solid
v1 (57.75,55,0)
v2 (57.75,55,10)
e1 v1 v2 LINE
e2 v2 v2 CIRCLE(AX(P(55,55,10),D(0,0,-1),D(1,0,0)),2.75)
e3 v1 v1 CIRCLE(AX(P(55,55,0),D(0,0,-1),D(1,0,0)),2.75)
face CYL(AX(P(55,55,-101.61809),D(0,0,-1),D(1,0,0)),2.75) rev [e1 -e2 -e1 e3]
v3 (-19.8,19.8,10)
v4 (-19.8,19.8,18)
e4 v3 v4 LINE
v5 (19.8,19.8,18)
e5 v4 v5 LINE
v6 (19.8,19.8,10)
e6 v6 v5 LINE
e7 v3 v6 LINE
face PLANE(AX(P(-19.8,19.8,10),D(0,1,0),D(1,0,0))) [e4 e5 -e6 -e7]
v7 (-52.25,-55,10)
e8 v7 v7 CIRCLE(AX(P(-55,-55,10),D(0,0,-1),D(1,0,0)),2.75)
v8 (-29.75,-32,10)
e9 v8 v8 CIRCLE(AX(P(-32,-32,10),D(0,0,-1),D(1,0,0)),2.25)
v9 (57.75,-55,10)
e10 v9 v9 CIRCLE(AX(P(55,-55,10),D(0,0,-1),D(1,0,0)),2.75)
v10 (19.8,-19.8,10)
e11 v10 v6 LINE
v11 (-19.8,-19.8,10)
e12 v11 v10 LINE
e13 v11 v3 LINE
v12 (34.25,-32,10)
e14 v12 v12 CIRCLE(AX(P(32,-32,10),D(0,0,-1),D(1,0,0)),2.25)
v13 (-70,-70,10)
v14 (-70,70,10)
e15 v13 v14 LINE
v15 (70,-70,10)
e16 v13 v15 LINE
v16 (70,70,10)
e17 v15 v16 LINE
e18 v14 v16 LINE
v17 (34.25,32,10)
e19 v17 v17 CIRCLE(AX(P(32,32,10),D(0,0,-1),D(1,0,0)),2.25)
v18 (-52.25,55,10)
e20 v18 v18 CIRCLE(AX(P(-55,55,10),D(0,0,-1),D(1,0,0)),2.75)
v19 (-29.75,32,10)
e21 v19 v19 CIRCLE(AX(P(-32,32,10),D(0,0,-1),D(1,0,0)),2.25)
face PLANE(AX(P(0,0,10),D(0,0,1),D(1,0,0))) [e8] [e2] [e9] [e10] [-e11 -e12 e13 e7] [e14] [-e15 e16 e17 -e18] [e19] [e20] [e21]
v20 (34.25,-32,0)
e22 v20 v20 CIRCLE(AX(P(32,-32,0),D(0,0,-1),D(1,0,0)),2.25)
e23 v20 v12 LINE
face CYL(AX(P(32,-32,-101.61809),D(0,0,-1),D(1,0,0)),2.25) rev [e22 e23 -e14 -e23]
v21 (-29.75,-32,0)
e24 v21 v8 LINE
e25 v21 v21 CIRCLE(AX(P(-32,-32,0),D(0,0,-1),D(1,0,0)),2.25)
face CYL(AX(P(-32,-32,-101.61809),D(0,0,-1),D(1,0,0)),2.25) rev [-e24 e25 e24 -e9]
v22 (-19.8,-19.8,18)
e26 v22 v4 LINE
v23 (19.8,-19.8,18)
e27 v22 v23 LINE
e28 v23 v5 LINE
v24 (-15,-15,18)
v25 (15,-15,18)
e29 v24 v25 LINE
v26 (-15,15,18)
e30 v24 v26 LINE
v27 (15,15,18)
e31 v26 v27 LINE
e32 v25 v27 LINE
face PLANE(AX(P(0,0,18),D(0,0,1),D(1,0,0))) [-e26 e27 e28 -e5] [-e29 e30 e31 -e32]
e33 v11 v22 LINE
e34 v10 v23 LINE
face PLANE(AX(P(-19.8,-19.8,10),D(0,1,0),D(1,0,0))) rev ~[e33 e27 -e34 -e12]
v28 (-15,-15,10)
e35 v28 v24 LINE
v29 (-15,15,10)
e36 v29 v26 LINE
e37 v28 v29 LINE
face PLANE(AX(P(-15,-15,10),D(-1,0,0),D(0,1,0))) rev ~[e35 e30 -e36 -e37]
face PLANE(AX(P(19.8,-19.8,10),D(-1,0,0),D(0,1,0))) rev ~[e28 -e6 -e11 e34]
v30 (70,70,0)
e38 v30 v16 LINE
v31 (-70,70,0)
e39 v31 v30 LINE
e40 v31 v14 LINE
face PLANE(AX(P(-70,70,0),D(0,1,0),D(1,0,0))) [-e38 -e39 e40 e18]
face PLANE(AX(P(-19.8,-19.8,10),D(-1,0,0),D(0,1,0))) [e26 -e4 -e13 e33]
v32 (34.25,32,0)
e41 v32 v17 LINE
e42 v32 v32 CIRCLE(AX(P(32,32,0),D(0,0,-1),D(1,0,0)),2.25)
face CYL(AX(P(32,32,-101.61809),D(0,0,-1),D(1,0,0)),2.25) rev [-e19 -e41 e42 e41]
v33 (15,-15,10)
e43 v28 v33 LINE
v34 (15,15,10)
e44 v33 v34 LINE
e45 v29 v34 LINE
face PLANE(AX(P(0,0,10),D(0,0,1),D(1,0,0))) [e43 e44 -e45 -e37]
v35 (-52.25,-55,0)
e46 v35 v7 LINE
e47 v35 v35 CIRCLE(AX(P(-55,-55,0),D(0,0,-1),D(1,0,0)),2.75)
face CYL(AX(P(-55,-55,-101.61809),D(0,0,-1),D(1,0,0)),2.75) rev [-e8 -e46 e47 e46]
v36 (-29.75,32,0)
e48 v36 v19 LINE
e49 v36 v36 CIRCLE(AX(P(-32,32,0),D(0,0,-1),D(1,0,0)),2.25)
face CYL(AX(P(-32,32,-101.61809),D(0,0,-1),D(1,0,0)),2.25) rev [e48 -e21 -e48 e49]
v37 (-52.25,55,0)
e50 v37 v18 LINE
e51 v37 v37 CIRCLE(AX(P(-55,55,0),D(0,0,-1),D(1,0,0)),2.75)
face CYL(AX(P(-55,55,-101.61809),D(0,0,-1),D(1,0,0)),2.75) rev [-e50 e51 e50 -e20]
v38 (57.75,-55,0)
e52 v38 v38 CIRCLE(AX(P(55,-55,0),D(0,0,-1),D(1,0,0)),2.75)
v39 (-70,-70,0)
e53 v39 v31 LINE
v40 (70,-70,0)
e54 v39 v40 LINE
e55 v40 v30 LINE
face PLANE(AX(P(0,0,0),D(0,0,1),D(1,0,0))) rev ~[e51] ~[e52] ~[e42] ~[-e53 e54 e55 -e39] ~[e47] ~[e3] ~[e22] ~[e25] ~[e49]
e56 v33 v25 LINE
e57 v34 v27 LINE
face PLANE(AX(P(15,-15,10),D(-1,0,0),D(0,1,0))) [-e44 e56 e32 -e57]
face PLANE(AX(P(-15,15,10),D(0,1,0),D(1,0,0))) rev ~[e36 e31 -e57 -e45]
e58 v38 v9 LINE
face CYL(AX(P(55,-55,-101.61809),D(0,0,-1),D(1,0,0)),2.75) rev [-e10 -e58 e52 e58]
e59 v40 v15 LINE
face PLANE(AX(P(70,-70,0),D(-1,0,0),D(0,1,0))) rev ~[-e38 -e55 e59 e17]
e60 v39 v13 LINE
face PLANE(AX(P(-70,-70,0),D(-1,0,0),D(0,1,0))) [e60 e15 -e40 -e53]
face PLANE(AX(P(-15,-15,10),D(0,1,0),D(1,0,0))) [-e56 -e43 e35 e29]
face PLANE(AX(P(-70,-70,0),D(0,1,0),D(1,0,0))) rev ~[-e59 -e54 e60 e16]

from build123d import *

# Parameters (mm, degrees)
SKETCH_1_W            = 140
SKETCH_1_H            = 140
EXTRUDE_140X140_DEPTH = 10
EXTRUDE_START         = 10
SKETCH_2_W            = 39.6
SKETCH_2_H            = 39.6
SKETCH_2_W_2          = 30
SKETCH_2_H_2          = 30
EXTRUDE_39P6_DEPTH    = 8
M5_M4_DEPTH           = 101.618089825
M5_M4_DEPTH_BACK      = 101.618089825
SKETCH_3_R            = 2.75
SKETCH_3_R_2          = 2.25


with BuildPart() as part:
    # 草图1 → 锚固底板140x140 (new body)
    with BuildSketch(Plane.XY):
        Rectangle(SKETCH_1_W, SKETCH_1_H)
    extrude(amount=EXTRUDE_140X140_DEPTH)

    # 草图2 → 立柱定位凸台39p6 (add)
    with BuildSketch(Plane.XY.offset(EXTRUDE_START)):
        Rectangle(SKETCH_2_W, SKETCH_2_H)
        Rectangle(SKETCH_2_W_2, SKETCH_2_H_2, mode=Mode.SUBTRACT)
    extrude(amount=EXTRUDE_39P6_DEPTH)

    # 草图3 → 桌面M5与立柱M4通孔 (cut, two sides: drawn at the far end of the back side and taken through both)
    with BuildSketch(Plane.XY.offset(-M5_M4_DEPTH_BACK)):
        with Locations((-55, -55)):
            Circle(SKETCH_3_R)
        with Locations((-55, 55)):
            Circle(SKETCH_3_R)
        with Locations((55, -55)):
            Circle(SKETCH_3_R)
        with Locations((55, 55)):
            Circle(SKETCH_3_R)
        with Locations((-32, -32)):
            Circle(SKETCH_3_R_2)
        with Locations((-32, 32)):
            Circle(SKETCH_3_R_2)
        with Locations((32, -32)):
            Circle(SKETCH_3_R_2)
        with Locations((32, 32)):
            Circle(SKETCH_3_R_2)
    extrude(amount=M5_M4_DEPTH + M5_M4_DEPTH_BACK, mode=Mode.SUBTRACT)


solid = part.part
